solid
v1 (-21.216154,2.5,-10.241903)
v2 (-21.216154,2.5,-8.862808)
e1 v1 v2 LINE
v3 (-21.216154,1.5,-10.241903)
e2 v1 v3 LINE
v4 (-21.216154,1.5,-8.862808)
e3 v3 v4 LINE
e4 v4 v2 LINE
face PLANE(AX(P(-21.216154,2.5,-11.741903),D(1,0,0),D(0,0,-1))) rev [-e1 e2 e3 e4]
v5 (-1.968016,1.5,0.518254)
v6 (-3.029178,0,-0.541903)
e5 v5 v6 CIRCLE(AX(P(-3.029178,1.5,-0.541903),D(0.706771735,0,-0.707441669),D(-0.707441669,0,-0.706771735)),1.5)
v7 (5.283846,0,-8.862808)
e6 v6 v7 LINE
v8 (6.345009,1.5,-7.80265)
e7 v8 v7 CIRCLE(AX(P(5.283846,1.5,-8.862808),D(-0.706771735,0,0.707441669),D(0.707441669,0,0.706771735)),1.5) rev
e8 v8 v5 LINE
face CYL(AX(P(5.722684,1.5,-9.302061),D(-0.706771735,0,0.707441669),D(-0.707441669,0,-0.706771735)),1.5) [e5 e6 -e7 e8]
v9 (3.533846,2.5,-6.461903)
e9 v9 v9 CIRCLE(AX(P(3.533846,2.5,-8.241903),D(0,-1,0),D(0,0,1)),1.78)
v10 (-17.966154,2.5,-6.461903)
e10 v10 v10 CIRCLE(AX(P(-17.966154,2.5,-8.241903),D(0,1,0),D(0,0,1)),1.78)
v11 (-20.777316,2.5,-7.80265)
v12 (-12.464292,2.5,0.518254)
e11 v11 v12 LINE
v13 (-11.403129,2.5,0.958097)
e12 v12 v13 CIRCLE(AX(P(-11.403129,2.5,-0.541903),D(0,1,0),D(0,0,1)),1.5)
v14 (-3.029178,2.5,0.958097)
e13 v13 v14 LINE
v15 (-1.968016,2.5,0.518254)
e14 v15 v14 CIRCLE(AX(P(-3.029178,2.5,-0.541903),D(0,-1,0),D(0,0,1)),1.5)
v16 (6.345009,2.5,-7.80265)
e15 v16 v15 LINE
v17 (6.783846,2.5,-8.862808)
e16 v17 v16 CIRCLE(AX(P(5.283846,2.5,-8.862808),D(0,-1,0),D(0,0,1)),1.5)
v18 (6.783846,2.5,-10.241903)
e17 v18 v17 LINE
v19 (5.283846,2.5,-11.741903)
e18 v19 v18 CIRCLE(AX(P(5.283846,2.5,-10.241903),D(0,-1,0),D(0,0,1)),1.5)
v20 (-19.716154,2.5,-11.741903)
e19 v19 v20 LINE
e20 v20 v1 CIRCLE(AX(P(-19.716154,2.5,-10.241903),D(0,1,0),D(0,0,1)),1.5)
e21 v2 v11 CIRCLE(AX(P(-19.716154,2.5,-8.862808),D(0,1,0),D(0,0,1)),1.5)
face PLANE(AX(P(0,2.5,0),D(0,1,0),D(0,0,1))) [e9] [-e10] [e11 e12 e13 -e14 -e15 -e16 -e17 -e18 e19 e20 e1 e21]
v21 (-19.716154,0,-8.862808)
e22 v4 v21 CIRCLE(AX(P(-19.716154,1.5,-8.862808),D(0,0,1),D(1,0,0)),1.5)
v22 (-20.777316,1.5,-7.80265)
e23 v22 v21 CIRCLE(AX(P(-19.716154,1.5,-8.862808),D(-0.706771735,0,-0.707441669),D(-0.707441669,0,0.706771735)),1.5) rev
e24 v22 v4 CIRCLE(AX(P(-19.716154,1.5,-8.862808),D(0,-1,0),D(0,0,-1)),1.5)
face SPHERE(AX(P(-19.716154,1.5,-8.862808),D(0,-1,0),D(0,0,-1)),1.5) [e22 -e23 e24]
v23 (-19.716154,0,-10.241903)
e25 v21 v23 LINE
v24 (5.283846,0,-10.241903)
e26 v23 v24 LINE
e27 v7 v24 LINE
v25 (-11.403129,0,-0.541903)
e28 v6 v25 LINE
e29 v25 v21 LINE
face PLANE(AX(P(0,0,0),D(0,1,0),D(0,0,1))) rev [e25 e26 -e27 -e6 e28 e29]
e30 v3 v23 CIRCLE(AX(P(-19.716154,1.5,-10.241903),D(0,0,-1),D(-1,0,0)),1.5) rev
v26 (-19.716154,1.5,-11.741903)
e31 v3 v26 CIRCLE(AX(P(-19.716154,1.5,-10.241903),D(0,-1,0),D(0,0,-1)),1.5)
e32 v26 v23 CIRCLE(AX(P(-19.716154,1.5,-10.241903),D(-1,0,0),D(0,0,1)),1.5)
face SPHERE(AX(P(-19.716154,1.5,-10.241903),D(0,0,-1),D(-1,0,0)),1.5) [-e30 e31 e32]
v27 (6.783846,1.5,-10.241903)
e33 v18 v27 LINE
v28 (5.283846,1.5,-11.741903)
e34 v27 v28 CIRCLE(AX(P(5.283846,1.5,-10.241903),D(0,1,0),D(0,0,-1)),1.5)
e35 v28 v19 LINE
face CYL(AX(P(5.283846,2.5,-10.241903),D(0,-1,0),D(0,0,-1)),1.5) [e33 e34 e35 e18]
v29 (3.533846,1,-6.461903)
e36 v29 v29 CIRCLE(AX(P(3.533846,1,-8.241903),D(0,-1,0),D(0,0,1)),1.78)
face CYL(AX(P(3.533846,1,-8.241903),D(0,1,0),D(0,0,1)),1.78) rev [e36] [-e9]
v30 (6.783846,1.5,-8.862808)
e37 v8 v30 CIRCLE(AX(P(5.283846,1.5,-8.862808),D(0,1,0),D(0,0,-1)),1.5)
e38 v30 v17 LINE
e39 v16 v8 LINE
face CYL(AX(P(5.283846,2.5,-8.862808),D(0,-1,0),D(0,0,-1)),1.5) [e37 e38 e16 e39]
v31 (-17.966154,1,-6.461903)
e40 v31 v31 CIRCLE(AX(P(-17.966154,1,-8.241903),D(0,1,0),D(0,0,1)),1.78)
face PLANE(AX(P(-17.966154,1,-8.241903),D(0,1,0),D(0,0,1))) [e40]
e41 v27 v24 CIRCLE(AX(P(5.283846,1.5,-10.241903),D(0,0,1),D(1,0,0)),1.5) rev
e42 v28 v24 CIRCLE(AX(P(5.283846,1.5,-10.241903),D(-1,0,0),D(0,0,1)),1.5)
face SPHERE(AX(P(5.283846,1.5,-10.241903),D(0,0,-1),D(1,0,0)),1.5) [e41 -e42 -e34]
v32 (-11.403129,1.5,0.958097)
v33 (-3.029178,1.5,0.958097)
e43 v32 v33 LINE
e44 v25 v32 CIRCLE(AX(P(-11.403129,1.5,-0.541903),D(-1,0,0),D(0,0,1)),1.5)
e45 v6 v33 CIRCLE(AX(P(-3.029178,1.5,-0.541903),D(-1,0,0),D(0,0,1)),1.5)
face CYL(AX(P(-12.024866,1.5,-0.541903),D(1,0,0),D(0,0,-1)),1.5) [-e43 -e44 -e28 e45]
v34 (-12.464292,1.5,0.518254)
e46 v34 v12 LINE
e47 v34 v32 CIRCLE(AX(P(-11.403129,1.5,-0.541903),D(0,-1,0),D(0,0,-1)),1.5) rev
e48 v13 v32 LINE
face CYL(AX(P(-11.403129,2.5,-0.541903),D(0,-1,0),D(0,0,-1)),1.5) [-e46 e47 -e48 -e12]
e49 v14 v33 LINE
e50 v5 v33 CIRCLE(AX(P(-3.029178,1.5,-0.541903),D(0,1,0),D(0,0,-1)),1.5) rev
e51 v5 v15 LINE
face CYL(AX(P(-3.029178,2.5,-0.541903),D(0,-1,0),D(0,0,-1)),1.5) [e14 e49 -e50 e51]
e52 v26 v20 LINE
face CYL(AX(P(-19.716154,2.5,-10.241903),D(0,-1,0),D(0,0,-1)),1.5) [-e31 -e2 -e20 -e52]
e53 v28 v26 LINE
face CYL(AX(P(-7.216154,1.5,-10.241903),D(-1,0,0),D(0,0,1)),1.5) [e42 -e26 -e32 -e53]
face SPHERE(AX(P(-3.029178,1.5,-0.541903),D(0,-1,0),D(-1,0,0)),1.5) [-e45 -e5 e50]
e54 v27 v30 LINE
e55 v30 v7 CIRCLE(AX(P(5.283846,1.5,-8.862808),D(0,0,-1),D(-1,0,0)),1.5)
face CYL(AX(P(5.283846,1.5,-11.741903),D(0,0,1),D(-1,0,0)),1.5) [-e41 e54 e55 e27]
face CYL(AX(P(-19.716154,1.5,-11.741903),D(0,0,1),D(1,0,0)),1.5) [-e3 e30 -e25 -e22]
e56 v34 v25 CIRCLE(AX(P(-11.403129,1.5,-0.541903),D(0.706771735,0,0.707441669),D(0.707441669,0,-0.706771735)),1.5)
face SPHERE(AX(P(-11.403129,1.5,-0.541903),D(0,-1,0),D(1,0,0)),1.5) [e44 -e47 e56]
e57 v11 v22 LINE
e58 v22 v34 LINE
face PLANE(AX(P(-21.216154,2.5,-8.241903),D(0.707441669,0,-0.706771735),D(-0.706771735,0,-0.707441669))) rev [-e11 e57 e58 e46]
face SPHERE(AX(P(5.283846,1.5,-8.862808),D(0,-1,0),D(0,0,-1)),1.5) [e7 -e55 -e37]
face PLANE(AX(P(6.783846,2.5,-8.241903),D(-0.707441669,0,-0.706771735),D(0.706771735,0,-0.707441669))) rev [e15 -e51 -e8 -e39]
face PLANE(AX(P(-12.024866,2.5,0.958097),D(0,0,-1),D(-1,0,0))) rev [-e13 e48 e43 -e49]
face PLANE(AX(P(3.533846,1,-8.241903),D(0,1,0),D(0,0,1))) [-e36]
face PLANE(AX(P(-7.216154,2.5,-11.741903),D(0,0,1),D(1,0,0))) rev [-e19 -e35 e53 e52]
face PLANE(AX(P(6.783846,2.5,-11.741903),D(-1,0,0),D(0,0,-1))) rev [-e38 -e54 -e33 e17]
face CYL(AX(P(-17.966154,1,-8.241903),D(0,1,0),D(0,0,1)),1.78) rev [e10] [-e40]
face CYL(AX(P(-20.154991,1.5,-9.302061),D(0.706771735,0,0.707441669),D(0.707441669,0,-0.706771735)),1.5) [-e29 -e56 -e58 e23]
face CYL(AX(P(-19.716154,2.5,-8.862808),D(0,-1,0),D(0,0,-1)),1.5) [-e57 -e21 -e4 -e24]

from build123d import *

# Parameters (mm, degrees)
BOSS_EXTRUDE1_DEPTH = 2.5
SKETCH2_R           = 1.78
CUT_EXTRUDE1_DEPTH  = 1.5
FILLET1_R           = 1.5


with BuildPart() as part:
    # Sketch1 → Boss-Extrude1 (new body)
    with BuildSketch(Plane(origin=(0, 0, 0), x_dir=(1, 0, 0), z_dir=(0, 1, 0))):
        Polygon((-21.216153836, 11.741903429), (-21.216153836, 8.241903429), (-12.024866066, -0.958096571), (-7.216153836, -0.958096571), (-7.216153836, 11.741903429), align=None)
    extrude(amount=BOSS_EXTRUDE1_DEPTH)

    # Sketch2 → Cut-Extrude1 (cut)
    with BuildSketch(Plane(origin=(0, 2.5, 0), x_dir=(1, 0, 0), z_dir=(0, 1, 0))):
        with Locations((-17.966153836, 8.241903429)):
            Circle(SKETCH2_R)
    extrude(amount=-CUT_EXTRUDE1_DEPTH, mode=Mode.SUBTRACT)

    # Fillet1
    fillet1_edges = [part.edges().sort_by_distance(p)[0] for p in [
        (-9.620509951, 0, 0.958096571),
        (-16.620509951, 0, -3.641903429),
        (-21.216153836, 0, -9.991903429),
        (-14.216153836, 0, -11.741903429),
        (-12.024866066, 1.25, 0.958096571),
        (-21.216153836, 1.25, -8.241903429),
        (-21.216153836, 1.25, -11.741903429),
    ]]
    fillet(fillet1_edges, radius=FILLET1_R)

    # Mirror1: part across plane


with BuildPart() as part_1:
    add(part.part)
    add(part.part.mirror(Plane(origin=(-7.216153836, 2.5, 0.958096571), x_dir=(0, 0, 1), z_dir=(-1, 0, 0))))


solid = part_1.part
